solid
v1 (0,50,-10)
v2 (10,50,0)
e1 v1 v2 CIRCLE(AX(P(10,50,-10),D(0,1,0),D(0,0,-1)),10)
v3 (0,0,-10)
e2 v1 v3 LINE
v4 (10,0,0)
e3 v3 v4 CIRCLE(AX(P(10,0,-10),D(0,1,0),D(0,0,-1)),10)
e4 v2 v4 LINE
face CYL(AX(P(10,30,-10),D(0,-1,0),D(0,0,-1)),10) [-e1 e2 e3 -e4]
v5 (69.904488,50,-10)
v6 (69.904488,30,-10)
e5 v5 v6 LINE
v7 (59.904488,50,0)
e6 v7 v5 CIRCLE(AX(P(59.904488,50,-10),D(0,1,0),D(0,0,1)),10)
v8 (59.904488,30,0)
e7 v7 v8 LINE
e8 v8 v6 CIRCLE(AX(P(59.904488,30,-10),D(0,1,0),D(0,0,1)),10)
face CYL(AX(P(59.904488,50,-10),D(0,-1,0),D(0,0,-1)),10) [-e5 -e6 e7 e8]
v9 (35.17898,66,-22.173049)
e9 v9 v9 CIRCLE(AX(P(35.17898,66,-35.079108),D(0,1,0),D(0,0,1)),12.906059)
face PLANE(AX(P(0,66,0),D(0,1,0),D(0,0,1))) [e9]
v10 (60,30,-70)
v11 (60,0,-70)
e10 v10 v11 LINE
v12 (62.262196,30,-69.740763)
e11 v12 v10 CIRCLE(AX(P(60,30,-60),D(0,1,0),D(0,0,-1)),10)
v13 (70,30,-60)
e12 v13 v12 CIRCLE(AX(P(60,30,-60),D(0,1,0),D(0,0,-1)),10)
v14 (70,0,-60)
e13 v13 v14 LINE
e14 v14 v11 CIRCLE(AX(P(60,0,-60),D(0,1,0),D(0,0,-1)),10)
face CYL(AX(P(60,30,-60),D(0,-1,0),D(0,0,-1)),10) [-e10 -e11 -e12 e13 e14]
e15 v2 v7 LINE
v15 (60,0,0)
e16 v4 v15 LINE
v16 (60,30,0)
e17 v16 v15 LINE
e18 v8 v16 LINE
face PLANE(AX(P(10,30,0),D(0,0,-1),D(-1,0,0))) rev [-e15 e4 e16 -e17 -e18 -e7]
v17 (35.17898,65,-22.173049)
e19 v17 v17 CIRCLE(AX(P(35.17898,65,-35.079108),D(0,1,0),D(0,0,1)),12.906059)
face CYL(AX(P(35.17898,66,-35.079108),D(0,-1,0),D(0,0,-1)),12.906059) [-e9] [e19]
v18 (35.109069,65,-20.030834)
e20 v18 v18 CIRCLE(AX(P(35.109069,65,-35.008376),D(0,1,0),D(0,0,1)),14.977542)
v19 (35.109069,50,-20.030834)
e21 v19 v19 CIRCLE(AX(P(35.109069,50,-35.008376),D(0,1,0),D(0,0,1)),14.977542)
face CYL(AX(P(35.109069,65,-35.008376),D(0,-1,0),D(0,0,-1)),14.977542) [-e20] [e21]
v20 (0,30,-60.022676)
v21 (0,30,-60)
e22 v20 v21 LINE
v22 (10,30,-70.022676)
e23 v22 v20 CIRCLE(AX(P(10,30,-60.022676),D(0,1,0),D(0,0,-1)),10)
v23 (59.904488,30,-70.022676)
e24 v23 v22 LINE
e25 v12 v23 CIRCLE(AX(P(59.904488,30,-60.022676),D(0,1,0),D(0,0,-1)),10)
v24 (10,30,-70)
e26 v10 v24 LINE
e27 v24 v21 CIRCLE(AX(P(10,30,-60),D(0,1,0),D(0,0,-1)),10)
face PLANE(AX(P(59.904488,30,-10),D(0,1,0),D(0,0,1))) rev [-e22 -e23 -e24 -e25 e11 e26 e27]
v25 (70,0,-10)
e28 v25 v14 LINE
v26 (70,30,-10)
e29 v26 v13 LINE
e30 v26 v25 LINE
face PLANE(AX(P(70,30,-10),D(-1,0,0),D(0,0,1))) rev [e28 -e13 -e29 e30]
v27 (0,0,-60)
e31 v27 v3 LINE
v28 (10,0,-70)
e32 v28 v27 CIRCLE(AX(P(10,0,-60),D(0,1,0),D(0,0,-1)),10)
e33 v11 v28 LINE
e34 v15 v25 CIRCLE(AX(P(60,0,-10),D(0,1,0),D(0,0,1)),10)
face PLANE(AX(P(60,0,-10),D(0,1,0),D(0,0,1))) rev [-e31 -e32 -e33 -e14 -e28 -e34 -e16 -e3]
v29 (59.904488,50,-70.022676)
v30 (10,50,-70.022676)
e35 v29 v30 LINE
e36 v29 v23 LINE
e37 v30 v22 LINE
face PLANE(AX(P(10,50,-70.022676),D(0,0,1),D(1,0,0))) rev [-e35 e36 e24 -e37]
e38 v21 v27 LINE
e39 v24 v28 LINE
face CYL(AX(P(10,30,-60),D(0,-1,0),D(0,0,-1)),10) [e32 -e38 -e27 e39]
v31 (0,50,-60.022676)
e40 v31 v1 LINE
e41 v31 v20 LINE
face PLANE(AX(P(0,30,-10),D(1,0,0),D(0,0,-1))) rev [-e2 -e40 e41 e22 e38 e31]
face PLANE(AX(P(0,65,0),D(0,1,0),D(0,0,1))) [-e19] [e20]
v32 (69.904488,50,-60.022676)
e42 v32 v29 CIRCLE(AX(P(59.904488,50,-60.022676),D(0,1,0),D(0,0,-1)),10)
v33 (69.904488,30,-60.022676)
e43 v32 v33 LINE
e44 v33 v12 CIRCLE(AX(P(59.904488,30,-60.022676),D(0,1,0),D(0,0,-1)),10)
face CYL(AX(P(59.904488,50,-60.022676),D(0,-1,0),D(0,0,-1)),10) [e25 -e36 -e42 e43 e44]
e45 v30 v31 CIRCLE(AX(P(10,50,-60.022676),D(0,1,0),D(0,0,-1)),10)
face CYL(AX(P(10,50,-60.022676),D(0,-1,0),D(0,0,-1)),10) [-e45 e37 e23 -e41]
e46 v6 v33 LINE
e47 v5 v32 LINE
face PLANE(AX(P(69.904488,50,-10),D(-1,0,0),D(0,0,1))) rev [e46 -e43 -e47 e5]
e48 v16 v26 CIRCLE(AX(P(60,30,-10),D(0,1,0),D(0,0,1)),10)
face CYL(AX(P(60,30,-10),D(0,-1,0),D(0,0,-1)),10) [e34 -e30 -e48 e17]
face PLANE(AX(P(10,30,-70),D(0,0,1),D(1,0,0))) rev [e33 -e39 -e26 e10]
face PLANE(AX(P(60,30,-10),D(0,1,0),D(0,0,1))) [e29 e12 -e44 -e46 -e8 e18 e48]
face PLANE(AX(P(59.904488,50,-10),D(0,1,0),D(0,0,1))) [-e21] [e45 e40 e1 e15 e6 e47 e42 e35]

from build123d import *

# Parameters (mm, degrees)
SALIENTE_EXTRUIR1_DEPTH = 30
SALIENTE_EXTRUIR2_DEPTH = 20
SALIENTE_EXTRUIR3_DEPTH = 15
SALIENTE_EXTRUIR4_DEPTH = 1


with BuildPart() as part:
    # Croquis1 → Saliente-Extruir1 (new body)
    with BuildSketch(Plane(origin=(0, 0, 0), x_dir=(1, 0, 0), z_dir=(0, 1, 0))):
        with BuildLine():
            Line((10, 0), (60, 0))
            ThreePointArc((60, 0), (67.071067812, 2.928932188), (70, 10))
            Line((70, 10), (70, 60))
            ThreePointArc((70, 60), (67.071067812, 67.071067812), (60, 70))
            Line((60, 70), (10, 70))
            ThreePointArc((10, 70), (2.928932188, 67.071067812), (0, 60))
            Line((0, 60), (0, 10))
            ThreePointArc((0, 10), (2.928932188, 2.928932188), (10, 0))
        make_face()
    extrude(amount=SALIENTE_EXTRUIR1_DEPTH)

    # Croquis2 → Saliente-Extruir2 (add)
    with BuildSketch(Plane(origin=(0, 30, 0), x_dir=(1, 0, 0), z_dir=(0, 1, 0))):
        with BuildLine():
            Line((10, 0), (59.904487732, 0))
            ThreePointArc((59.904487732, 0), (66.975555544, 2.928932188), (69.904487732, 10))
            Line((69.904487732, 10), (69.904487732, 60.022676449))
            ThreePointArc((69.904487732, 60.022676449), (66.975555544, 67.093744261), (59.904487732, 70.022676449))
            Line((59.904487732, 70.022676449), (10, 70.022676449))
            ThreePointArc((10, 70.022676449), (2.928932188, 67.093744261), (0, 60.022676449))
            Line((0, 60.022676449), (0, 10))
            ThreePointArc((0, 10), (2.928932188, 2.928932188), (10, 0))
        make_face()
    extrude(amount=SALIENTE_EXTRUIR2_DEPTH)

    # Croquis3 → Saliente-Extruir3 (add)
    with BuildSketch(Plane(origin=(0, 50, 0), x_dir=(1, 0, 0), z_dir=(0, 1, 0))):
        with BuildLine():
            ThreePointArc((45.714988655, 45.583878221), (35.109068959, 49.985918595), (24.503149262, 45.583878221))
            Line((24.503149262, 45.583878221), (35.109068959, 35.008376267))
            Line((35.109068959, 35.008376267), (45.714988655, 45.583878221))
        make_face()
        with BuildLine():
            Line((35.109068959, 35.008376267), (24.503149262, 45.583878221))
            ThreePointArc((24.503149262, 45.583878221), (20.131526631, 35.008376267), (24.503149262, 24.432874313))
            Line((24.503149262, 24.432874313), (35.109068959, 35.008376267))
        make_face()
        with BuildLine():
            Line((45.714988655, 45.583878221), (35.109068959, 35.008376267))
            Line((35.109068959, 35.008376267), (45.714988655, 24.432874313))
            ThreePointArc((45.714988655, 24.432874313), (48.950625688, 29.286656114), (50.086611287, 35.008376267))
            ThreePointArc((50.086611287, 35.008376267), (48.950625688, 40.730096419), (45.714988655, 45.583878221))
        make_face()
        with BuildLine():
            Line((45.714988655, 24.432874313), (35.109068959, 35.008376267))
            Line((35.109068959, 35.008376267), (24.503149262, 24.432874313))
            ThreePointArc((24.503149262, 24.432874313), (35.109068959, 20.030833939), (45.714988655, 24.432874313))
        make_face()
    extrude(amount=SALIENTE_EXTRUIR3_DEPTH)

    # Croquis4 → Saliente-Extruir4 (add)
    with BuildSketch(Plane(origin=(0, 65, 0), x_dir=(1, 0, 0), z_dir=(0, 1, 0))):
        with BuildLine():
            ThreePointArc((26.040054757, 25.966127976), (35.178980063, 22.173048991), (44.317905369, 25.966127976))
            Line((44.317905369, 25.966127976), (35.178980063, 35.079108201))
            Line((35.178980063, 35.079108201), (26.040054757, 25.966127976))
        make_face()
        with BuildLine():
            Line((35.178980063, 35.079108201), (44.317905369, 25.966127976))
            ThreePointArc((44.317905369, 25.966127976), (47.106131346, 30.148649135), (48.085039273, 35.079108201))
            ThreePointArc((48.085039273, 35.079108201), (47.106131346, 40.009567268), (44.317905369, 44.192088426))
            Line((44.317905369, 44.192088426), (35.178980063, 35.079108201))
        make_face()
        with BuildLine():
            Line((26.040054757, 25.966127976), (35.178980063, 35.079108201))
            Line((35.178980063, 35.079108201), (26.040054757, 44.192088426))
            ThreePointArc((26.040054757, 44.192088426), (22.272920853, 35.079108201), (26.040054757, 25.966127976))
        make_face()
        with BuildLine():
            Line((26.040054757, 44.192088426), (35.178980063, 35.079108201))
            Line((35.178980063, 35.079108201), (44.317905369, 44.192088426))
            ThreePointArc((44.317905369, 44.192088426), (35.178980063, 47.985167411), (26.040054757, 44.192088426))
        make_face()
    extrude(amount=SALIENTE_EXTRUIR4_DEPTH)


solid = part.part
